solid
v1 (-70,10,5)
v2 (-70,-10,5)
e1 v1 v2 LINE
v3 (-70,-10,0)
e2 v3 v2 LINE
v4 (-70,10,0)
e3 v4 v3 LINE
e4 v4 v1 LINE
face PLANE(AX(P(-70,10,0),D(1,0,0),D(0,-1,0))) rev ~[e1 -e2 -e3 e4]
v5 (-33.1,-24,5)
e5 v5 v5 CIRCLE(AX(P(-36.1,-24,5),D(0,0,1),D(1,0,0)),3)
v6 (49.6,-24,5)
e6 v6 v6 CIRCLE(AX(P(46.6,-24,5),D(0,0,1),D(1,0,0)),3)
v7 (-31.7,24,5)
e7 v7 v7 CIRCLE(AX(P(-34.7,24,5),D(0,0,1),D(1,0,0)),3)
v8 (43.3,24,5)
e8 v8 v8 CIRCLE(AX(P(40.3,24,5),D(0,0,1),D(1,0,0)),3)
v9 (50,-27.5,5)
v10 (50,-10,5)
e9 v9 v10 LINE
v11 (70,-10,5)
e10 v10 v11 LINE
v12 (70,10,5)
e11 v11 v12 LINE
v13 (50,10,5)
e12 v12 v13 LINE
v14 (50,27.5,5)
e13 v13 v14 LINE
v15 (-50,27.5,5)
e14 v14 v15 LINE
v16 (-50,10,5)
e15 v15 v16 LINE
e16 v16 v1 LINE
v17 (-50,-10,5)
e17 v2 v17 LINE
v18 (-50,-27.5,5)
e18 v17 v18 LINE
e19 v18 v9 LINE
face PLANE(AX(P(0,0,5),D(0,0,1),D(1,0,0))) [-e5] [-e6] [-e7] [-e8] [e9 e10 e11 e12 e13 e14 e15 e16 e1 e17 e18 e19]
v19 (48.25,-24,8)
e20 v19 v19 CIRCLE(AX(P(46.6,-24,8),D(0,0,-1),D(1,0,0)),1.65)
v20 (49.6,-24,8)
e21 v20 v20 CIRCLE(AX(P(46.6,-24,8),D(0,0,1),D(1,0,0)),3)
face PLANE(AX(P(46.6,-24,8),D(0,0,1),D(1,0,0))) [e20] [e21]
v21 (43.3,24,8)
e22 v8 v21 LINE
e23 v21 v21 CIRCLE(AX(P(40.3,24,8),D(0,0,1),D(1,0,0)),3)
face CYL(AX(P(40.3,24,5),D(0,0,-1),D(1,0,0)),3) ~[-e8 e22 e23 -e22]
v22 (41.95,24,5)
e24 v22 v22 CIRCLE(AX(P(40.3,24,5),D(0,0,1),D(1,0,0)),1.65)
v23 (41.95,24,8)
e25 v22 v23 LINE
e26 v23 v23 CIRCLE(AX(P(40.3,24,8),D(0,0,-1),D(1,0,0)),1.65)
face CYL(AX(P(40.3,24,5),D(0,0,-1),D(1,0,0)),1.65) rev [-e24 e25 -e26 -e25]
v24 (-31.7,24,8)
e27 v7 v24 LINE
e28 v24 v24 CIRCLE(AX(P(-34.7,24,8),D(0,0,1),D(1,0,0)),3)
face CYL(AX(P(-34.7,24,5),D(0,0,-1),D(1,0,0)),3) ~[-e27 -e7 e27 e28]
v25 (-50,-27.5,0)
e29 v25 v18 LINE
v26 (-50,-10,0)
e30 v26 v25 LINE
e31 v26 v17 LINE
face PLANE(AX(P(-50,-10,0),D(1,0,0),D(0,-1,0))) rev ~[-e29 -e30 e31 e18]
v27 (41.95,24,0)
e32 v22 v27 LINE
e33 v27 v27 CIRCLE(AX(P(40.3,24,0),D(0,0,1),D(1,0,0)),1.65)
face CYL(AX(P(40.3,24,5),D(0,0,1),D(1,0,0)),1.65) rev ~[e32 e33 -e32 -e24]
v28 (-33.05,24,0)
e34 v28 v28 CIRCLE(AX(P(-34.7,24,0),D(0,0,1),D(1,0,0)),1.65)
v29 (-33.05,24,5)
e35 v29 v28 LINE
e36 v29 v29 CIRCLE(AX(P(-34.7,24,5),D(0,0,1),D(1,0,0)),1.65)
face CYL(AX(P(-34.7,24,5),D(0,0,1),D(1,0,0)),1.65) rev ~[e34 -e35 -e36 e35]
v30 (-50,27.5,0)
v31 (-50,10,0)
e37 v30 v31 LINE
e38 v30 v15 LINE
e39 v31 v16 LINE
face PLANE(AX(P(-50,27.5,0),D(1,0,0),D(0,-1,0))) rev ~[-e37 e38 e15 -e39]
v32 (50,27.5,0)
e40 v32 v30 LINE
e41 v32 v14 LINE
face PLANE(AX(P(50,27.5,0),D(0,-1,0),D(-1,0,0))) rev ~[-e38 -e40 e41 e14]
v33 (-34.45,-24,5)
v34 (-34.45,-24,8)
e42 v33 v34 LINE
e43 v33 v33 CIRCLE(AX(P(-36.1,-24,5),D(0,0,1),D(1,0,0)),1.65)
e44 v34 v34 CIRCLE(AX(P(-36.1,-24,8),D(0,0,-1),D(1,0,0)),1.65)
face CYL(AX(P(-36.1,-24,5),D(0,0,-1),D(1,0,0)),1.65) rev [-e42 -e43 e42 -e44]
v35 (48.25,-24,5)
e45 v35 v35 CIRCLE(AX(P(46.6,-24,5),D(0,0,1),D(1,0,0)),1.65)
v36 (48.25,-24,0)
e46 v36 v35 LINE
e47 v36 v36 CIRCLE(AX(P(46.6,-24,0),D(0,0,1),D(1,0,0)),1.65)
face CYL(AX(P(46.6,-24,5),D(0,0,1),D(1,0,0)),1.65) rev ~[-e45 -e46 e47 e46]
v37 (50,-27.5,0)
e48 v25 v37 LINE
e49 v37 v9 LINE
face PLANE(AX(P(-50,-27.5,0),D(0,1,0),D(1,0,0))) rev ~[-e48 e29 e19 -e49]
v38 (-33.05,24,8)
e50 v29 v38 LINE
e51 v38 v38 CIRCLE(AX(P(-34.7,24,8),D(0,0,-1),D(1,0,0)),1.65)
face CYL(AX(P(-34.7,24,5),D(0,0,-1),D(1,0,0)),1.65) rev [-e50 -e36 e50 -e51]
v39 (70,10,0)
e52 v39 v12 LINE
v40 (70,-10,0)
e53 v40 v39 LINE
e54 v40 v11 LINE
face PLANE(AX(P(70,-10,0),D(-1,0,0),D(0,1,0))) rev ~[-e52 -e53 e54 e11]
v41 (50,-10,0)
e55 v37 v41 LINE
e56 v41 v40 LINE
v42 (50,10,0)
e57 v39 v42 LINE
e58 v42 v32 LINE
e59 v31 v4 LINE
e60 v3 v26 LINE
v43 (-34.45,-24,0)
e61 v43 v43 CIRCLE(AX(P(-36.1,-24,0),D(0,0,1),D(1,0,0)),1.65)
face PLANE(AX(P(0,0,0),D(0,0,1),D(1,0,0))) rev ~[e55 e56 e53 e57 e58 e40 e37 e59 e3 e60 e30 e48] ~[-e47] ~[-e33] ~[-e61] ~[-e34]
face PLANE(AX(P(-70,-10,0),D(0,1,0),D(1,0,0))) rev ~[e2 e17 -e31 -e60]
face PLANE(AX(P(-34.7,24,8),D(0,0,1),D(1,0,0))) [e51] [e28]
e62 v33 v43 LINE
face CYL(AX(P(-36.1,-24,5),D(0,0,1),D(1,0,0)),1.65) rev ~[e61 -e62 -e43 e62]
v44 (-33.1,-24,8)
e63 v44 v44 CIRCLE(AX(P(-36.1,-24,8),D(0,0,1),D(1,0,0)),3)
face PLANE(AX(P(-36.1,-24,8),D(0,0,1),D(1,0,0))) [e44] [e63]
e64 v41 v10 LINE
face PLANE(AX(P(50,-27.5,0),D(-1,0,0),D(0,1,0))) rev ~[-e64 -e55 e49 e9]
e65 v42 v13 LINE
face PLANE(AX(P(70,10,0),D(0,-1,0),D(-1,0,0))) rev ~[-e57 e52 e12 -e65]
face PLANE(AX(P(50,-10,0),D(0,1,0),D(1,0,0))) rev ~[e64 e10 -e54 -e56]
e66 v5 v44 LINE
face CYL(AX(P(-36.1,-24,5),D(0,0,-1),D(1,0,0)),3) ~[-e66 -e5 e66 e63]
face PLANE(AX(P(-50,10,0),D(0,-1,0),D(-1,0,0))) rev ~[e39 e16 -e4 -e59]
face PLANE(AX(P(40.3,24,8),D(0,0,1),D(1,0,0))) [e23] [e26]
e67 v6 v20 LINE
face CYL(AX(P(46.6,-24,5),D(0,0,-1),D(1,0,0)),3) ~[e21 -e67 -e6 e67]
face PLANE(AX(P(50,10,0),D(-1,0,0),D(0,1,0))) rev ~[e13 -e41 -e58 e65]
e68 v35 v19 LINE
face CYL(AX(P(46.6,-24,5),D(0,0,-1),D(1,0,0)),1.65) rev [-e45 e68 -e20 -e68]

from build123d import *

# Parameters (mm, degrees)
F1_DEPTH = 5
F2_R     = 1.65
F3_DEPTH = 18.8
F4_R     = 3
F5_DEPTH = 3
F6_DEPTH = 25


with BuildPart() as f1:
    # F0 (on Top) → F1 (new body)
    with BuildSketch(Plane.XY):
        Polygon((50, 10), (50, 27.5), (-50, 27.5), (-50, 10), (-70, 10), (-70, -10), (-50, -10), (-50, -27.5), (50, -27.5), (50, -10), (70, -10), (70, 10), align=None)
    extrude(amount=F1_DEPTH)

    # F2 (on face) → F3 (cut, symmetric)
    with BuildSketch(Plane.XY.offset(5)):
        with Locations((-34.7, 24)):
            Circle(F2_R)
        with Locations((40.3, 24)):
            Circle(F2_R)
        with Locations((-36.1, -24)):
            Circle(F2_R)
        with Locations((46.6, -24)):
            Circle(F2_R)
    extrude(amount=F3_DEPTH, both=True, mode=Mode.SUBTRACT)

    # F4 (on face) → F5 (join)
    with BuildSketch(Plane.XY.offset(5)):
        with Locations((-34.7, 24)):
            Circle(F4_R)
        with Locations((40.3, 24)):
            Circle(F4_R)
        with Locations((46.6, -24)):
            Circle(F4_R)
        with Locations((-36.1, -24)):
            Circle(F4_R)
    extrude(amount=F5_DEPTH)

    # F2 (on face) → F6 (cut)
    with BuildSketch(Plane.XY.offset(5)):
        with Locations((-34.7, 24)):
            Circle(F2_R)
        with Locations((40.3, 24)):
            Circle(F2_R)
        with Locations((-36.1, -24)):
            Circle(F2_R)
        with Locations((46.6, -24)):
            Circle(F2_R)
    extrude(amount=F6_DEPTH, mode=Mode.SUBTRACT)


solid = f1.part
